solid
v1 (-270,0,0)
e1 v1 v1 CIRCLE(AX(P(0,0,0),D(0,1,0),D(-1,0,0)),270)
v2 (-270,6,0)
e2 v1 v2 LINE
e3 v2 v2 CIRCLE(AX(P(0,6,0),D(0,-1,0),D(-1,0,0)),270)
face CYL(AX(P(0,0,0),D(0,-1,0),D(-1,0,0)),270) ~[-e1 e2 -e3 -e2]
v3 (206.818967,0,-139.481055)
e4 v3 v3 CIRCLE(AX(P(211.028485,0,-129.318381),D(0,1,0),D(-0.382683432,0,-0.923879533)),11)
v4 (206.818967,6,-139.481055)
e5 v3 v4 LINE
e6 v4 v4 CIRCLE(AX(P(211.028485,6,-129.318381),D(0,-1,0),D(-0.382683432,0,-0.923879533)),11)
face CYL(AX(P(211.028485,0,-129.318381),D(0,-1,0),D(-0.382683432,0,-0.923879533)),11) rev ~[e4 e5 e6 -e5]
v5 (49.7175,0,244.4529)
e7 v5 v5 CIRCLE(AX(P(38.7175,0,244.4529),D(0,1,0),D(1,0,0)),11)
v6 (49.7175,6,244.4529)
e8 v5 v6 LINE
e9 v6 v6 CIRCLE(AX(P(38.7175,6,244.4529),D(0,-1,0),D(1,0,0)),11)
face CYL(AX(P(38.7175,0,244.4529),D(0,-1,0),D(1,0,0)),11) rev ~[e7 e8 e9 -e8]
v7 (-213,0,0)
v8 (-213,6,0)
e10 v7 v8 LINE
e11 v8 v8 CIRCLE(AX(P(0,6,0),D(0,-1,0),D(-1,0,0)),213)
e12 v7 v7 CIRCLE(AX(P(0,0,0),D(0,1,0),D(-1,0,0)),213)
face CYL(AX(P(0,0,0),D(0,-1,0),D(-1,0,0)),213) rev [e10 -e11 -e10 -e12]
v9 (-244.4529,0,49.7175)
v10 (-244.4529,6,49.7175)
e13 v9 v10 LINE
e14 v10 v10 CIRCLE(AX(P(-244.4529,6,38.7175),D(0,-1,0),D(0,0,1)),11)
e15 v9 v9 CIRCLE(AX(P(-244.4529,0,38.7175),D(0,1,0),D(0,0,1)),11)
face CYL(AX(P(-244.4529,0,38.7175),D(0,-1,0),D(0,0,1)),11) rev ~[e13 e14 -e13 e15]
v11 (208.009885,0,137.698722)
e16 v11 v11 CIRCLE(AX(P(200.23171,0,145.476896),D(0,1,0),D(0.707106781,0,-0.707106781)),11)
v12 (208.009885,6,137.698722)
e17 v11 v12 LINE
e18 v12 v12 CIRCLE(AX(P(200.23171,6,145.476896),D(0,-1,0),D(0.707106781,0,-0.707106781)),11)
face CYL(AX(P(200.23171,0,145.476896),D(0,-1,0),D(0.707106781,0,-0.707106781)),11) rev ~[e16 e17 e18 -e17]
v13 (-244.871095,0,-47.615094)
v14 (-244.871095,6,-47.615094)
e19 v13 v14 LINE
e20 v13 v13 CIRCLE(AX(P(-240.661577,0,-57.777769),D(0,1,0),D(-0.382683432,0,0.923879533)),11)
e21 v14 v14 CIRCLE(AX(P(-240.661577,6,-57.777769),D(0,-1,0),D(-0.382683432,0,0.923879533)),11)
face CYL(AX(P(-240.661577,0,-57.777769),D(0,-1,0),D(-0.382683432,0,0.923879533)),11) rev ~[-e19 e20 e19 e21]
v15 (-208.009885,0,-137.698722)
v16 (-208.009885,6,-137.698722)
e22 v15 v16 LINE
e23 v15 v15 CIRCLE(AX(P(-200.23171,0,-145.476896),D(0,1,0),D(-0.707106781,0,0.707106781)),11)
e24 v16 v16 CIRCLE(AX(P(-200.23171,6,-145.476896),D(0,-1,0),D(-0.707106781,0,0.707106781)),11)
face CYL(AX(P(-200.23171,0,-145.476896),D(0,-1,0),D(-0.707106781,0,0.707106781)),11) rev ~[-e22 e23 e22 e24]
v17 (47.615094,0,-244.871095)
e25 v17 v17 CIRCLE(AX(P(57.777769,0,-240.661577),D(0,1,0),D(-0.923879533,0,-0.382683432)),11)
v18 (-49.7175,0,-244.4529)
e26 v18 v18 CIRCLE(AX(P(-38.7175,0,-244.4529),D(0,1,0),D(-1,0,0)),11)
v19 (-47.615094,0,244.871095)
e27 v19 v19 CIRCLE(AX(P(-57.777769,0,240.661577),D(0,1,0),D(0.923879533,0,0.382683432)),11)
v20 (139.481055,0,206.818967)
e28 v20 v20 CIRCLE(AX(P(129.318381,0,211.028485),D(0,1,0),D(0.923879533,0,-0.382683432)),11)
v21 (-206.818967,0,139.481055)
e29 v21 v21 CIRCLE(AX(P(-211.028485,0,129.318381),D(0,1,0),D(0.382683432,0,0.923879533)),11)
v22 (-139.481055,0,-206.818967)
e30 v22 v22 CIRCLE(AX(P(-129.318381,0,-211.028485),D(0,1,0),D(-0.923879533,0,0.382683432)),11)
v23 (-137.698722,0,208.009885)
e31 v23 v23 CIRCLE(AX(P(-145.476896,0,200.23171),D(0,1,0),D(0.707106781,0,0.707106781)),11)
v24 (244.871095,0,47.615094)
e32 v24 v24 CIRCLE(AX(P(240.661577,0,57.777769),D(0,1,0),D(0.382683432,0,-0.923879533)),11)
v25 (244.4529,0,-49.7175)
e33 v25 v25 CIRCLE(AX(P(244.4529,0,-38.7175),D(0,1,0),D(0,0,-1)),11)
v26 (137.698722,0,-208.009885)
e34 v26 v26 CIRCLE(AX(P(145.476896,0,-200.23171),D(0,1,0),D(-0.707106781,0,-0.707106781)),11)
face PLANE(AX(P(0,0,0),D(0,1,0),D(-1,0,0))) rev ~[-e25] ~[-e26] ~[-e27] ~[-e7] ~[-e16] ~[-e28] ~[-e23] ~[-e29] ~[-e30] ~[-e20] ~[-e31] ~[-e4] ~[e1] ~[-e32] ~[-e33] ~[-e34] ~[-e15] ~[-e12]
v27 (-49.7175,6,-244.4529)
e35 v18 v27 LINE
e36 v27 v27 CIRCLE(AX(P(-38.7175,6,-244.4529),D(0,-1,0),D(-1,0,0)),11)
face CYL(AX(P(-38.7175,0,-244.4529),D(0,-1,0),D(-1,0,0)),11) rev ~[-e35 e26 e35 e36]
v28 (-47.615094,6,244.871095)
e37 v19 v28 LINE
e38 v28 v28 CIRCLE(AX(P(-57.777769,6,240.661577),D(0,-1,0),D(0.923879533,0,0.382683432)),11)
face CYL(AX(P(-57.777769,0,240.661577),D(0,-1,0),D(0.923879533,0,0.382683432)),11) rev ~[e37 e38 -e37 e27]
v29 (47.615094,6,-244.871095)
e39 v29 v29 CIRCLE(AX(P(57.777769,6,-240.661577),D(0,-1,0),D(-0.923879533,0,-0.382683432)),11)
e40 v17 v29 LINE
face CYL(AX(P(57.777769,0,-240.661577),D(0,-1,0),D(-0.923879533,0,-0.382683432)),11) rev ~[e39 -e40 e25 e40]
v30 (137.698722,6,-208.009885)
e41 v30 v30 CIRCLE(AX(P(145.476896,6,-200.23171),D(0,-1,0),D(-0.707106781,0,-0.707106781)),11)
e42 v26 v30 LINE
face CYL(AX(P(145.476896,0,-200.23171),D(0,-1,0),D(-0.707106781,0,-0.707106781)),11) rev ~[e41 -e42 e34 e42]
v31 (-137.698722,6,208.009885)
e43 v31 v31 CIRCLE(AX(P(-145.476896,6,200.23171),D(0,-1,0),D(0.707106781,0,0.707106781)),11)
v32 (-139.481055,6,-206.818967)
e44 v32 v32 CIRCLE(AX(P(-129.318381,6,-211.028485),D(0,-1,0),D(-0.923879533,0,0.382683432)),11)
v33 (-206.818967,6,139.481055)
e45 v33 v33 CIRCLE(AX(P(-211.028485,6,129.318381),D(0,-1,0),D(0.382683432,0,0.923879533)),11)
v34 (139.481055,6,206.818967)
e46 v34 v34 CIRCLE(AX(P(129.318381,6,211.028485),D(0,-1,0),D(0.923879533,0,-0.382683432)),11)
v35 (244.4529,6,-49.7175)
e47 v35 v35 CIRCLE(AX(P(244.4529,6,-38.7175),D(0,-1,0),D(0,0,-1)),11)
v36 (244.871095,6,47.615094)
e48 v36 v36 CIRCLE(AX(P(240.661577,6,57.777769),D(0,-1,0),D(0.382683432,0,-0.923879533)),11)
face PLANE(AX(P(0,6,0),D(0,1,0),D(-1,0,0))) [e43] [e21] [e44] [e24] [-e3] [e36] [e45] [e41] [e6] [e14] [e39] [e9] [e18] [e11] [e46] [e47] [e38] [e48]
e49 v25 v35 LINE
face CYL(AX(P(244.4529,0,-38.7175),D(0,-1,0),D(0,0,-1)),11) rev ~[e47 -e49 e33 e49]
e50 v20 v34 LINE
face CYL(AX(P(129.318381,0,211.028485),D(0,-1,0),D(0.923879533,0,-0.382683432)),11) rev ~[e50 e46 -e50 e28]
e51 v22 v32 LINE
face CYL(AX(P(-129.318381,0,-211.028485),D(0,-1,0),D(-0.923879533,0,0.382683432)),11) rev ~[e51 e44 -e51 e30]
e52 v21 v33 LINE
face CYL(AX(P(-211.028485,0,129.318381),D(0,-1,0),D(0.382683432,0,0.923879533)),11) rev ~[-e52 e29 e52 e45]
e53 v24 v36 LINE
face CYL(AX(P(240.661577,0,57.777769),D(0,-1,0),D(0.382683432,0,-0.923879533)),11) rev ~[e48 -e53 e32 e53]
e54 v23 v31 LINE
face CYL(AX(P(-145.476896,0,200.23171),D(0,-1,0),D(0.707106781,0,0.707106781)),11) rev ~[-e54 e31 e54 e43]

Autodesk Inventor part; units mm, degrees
ref_plane "YZ Plane" through (0, 0, 0) normal (1, 0, 0) x (0, 1, 0)
ref_plane "XZ Plane" through (0, 0, 0) normal (0, 1, 0) x (-1, 0, 0)
ref_plane "XY Plane" through (0, 0, 0) normal (0, 0, 1) x (1, 0, 0)
sketch "Sketch1" plane through (0, 0, 0) normal (0, 1, 0) x (-1, 0, 0)
  circle A0 centre (0, 0) radius 213
  circle A1 centre (0, 0) radius 270
  line L0 (270, 0) -> (213, 0)
  line L1 (-213, 0) -> (-270, 0)
  line L2 (0, 213) -> (0, 270)
  point P0 (241.5, 0)
  point P1 (-241.5, 0)
  point P2 (0, 241.5)
  dimension "d1" = 540
  dimension "d4" = 426
extrude "Extrusion1" add sketch "Sketch1" along normal blind 6 contours L0 A1 L1 A0 | A0 L2 A1 L0 | A0 L1 A1 L2
sketch "Sketch2" plane through (0, 0, 0) normal (0, -1, 0) x (1, 0, 0)
  circle A0 centre (0, 0) radius 270 projected
  circle A1 centre (0, 0) radius 213 projected
  circle A2 centre (38.7175, 244.4529) radius 11
  circle A3 centre (0, 0) radius 213 projected
  line L0 (38.7175, 244.4529) -> (0, 0)
  point P0 (0, 213)
  point P1 (265, 0)
  dimension "d5" = 247.5
  dimension "d7" = 22
extrude "Cut1" cut sketch "Sketch2" against normal blind 6 contours A2
pattern_circular "Circular Pattern1" count 16 over 360 about axis through (0, 0, 0) along (0, 1, 0) of "Cut1"
equation "\"d1\" = Charging_hatch_width"
equation "\"d4\" = Accsess_hatch_diameter"
equation "\"d9\" = Thickness"
equation "\"BendRadius\" = Thickness"
equation "\"BendReliefWidth\" = Thickness"
equation "\"BendReliefDepth\" = 0.5 * Thickness"
equation "\"CornerReliefSize\" = 4 * Thickness"
equation "\"MinimumRemnant\" = 2 * Thickness"
equation "\"TransitionRadius\" = BendRadius"
equation "\"JacobiRadiusSize\" = BendRadius"
equation "\"GapSize\" = Thickness"
equation "\"d8\" = Thickness"
equation "\"Charging_hatch_width\" = 540"
equation "\"Accsess_hatch_diameter\" = 426"
equation "\"Thickness\" = 6"
properties part number "TZS 0903 accses hatch flange" material "Steel"
